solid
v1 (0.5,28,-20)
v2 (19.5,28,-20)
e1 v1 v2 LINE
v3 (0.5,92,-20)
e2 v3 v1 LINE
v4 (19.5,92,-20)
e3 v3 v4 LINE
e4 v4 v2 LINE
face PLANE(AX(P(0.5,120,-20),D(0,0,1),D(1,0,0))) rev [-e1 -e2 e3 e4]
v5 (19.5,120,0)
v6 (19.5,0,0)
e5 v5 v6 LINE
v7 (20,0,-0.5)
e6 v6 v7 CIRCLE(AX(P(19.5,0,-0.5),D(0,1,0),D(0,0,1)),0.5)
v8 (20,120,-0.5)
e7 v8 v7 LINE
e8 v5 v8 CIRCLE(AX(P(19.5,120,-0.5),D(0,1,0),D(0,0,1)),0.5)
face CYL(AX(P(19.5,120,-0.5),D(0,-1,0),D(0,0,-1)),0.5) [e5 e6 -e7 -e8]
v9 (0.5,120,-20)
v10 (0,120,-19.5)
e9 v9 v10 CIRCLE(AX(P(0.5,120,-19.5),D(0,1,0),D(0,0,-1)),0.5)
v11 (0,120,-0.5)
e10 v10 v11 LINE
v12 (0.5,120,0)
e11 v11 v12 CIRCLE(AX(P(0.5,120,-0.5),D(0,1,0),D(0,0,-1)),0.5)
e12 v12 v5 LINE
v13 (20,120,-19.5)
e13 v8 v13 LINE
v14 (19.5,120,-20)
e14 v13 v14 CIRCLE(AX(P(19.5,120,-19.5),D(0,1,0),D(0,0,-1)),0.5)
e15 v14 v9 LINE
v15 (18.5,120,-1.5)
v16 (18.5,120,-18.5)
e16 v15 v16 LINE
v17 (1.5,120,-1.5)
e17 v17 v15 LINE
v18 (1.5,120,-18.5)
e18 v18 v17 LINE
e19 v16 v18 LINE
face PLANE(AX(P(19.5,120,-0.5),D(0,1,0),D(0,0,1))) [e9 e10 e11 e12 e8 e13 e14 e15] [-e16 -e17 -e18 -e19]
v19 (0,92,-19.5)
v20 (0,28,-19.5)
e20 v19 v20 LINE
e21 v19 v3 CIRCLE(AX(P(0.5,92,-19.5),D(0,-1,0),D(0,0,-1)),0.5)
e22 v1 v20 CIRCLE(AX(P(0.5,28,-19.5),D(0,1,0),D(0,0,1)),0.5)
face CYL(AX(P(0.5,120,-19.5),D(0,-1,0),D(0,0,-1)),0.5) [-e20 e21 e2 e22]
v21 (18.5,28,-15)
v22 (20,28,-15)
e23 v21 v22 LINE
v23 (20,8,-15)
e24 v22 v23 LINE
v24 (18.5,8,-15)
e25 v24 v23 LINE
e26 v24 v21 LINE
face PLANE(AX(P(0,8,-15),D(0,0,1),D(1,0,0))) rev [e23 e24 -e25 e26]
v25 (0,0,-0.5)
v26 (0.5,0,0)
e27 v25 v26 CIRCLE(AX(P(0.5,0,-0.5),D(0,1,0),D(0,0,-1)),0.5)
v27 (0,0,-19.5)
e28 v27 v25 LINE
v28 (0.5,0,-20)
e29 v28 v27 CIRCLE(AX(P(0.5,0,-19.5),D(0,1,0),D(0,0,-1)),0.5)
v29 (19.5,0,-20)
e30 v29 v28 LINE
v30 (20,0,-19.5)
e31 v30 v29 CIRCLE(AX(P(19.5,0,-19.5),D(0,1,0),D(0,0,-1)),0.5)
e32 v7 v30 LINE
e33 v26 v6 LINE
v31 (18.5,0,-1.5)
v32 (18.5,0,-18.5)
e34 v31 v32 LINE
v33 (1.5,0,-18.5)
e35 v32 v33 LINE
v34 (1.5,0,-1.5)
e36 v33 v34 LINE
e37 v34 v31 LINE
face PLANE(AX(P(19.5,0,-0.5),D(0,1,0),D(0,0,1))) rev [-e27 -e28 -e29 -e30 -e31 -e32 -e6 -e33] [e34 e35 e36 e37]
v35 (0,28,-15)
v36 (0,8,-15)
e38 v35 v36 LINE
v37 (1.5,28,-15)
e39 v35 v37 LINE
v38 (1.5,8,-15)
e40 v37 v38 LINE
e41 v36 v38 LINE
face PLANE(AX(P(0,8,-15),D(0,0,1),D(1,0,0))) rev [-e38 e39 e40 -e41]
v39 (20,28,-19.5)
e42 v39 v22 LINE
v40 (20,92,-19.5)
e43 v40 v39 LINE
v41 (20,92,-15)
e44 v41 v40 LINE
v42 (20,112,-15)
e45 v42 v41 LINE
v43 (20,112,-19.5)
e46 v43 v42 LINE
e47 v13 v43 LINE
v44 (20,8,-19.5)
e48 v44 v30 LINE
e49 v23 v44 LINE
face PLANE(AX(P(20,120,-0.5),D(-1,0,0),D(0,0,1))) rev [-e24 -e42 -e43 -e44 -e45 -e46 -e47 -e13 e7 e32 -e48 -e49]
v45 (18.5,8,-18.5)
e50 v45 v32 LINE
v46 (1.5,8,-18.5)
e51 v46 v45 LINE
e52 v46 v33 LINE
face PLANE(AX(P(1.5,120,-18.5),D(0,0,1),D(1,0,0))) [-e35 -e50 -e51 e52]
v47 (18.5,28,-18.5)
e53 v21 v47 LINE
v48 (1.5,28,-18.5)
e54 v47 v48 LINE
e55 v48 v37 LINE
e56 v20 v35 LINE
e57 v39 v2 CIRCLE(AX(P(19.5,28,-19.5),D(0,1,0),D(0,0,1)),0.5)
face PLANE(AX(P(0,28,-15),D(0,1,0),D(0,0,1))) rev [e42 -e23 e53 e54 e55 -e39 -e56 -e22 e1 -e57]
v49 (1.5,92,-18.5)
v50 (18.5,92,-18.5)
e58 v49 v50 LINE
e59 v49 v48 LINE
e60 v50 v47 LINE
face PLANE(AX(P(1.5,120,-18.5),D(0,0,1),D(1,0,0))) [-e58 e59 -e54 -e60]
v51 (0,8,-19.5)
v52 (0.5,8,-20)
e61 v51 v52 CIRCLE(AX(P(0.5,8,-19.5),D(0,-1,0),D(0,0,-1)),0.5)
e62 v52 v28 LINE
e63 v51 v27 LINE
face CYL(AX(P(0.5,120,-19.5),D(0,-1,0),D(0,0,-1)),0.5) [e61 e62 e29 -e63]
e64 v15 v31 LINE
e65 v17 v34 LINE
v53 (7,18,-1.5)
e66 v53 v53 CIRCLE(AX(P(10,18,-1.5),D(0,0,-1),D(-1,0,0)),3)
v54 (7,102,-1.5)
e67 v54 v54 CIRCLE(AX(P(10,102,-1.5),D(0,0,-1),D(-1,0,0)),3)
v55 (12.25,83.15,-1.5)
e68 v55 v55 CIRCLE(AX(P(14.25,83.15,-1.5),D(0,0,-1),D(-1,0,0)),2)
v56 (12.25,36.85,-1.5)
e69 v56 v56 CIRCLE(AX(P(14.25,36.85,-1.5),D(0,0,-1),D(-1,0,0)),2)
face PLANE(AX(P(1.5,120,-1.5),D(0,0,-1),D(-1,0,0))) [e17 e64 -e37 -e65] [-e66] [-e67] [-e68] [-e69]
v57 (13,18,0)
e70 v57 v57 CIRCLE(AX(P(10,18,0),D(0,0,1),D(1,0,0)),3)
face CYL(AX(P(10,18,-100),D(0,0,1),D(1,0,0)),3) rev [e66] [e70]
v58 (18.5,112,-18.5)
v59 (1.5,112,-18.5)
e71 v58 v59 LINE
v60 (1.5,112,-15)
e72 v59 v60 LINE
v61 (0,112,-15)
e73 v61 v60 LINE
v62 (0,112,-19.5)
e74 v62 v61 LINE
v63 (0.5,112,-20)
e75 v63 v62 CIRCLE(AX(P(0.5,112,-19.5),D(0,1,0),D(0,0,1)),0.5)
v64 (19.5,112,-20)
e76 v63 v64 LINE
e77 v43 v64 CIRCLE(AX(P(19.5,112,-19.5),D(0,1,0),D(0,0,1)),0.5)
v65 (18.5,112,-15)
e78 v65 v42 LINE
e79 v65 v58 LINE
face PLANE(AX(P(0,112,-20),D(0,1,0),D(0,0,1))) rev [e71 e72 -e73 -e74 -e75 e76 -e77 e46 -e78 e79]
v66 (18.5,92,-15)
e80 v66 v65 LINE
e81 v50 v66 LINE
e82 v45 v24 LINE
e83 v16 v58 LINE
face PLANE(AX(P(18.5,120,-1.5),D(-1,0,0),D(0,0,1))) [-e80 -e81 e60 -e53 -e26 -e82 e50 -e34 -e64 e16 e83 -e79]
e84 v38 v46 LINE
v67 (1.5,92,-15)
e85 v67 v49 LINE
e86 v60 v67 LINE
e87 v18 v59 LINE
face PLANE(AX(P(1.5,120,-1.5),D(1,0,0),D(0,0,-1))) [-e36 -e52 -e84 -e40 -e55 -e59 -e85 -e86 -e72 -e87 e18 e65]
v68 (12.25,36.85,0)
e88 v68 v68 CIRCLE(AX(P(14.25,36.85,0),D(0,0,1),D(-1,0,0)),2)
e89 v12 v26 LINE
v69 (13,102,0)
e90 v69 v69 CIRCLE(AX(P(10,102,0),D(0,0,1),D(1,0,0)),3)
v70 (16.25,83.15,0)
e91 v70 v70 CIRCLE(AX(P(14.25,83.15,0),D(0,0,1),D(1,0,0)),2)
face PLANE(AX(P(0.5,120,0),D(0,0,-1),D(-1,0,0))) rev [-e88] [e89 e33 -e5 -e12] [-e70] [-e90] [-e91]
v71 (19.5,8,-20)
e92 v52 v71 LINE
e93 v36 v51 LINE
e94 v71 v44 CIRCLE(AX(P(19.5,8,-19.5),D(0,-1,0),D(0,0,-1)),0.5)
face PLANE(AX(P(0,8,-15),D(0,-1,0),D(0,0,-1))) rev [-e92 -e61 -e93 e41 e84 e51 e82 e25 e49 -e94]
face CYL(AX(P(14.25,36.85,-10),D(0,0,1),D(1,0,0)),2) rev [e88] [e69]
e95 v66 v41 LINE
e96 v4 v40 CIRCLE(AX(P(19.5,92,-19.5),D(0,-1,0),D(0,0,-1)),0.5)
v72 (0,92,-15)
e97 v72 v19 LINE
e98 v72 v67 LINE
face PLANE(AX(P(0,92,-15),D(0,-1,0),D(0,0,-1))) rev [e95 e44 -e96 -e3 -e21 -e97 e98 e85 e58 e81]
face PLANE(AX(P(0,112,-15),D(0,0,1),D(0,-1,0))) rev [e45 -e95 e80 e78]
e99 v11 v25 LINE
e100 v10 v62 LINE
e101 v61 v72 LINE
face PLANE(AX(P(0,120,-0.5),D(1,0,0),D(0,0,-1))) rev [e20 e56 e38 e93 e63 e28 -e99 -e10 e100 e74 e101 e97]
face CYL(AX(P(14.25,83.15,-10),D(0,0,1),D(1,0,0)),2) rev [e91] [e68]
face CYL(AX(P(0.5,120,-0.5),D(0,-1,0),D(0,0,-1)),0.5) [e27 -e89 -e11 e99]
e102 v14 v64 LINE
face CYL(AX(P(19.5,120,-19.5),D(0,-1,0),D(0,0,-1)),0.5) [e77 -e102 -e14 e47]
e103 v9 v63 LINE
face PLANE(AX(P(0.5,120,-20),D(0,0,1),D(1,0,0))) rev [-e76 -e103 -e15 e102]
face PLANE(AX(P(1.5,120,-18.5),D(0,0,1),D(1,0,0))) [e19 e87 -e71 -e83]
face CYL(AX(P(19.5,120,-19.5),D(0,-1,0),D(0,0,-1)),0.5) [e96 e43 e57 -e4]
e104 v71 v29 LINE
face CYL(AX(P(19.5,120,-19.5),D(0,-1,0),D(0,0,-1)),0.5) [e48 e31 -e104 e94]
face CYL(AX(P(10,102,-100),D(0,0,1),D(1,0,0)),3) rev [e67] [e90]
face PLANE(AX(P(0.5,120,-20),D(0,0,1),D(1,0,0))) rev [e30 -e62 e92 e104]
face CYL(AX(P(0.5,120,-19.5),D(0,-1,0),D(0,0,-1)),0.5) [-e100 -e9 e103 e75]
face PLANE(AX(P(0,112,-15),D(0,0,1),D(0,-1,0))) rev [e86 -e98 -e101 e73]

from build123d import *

# Parameters (mm, degrees)
SKETCH1_W           = 17
SKETCH1_H           = 17
BOSS_EXTRUDE1_DEPTH = 120
SKETCH2_W           = 5
SKETCH2_H           = 20
CUT_EXTRUDE1_DEPTH  = 124.288280059
SKETCH3_R           = 3
CUT_EXTRUDE2_DEPTH  = 100
SKETCH4_R           = 2
CUT_EXTRUDE3_DEPTH  = 10


with BuildPart() as part:
    # Sketch1 → Boss-Extrude1 (new body)
    with BuildSketch(Plane(origin=(0, 0, 0), x_dir=(1, 0, 0), z_dir=(0, 1, 0))):
        with BuildLine():
            Line((0.5, 0), (19.5, 0))
            ThreePointArc((19.5, 0), (19.853553391, 0.146446609), (20, 0.5))
            Line((20, 0.5), (20, 19.5))
            ThreePointArc((20, 19.5), (19.853553391, 19.853553391), (19.5, 20))
            Line((19.5, 20), (0.5, 20))
            ThreePointArc((0.5, 20), (0.146446609, 19.853553391), (0, 19.5))
            Line((0, 19.5), (0, 0.5))
            ThreePointArc((0, 0.5), (0.146446609, 0.146446609), (0.5, 0))
        make_face()
        with Locations((10, 10)):
            Rectangle(SKETCH1_W, SKETCH1_H, mode=Mode.SUBTRACT)
    extrude(amount=BOSS_EXTRUDE1_DEPTH)

    # Sketch2 → Cut-Extrude1 (cut, through all)
    with BuildSketch(Plane(origin=(20, 0, 0), x_dir=(0, 0, -1), z_dir=(1, 0, 0))):
        with Locations((17.5, 102)):
            Rectangle(SKETCH2_W, SKETCH2_H)
        with Locations((17.5, 18)):
            Rectangle(SKETCH2_W, SKETCH2_H)
    extrude(amount=-CUT_EXTRUDE1_DEPTH, mode=Mode.SUBTRACT)

    # Sketch3 → Cut-Extrude2 (cut)
    with BuildSketch(Plane.XY):
        with Locations((10, 102)):
            Circle(SKETCH3_R)
        with Locations((10, 18)):
            Circle(SKETCH3_R)
    extrude(amount=-CUT_EXTRUDE2_DEPTH, mode=Mode.SUBTRACT)

    # Sketch4 → Cut-Extrude3 (cut)
    with BuildSketch(Plane.XY):
        with Locations((14.25, 83.15)):
            Circle(SKETCH4_R)
        with Locations(Location((14.25, 36.85, 0), (0, 0, 180))):
            Circle(SKETCH4_R)
    extrude(amount=-CUT_EXTRUDE3_DEPTH, mode=Mode.SUBTRACT)


solid = part.part
